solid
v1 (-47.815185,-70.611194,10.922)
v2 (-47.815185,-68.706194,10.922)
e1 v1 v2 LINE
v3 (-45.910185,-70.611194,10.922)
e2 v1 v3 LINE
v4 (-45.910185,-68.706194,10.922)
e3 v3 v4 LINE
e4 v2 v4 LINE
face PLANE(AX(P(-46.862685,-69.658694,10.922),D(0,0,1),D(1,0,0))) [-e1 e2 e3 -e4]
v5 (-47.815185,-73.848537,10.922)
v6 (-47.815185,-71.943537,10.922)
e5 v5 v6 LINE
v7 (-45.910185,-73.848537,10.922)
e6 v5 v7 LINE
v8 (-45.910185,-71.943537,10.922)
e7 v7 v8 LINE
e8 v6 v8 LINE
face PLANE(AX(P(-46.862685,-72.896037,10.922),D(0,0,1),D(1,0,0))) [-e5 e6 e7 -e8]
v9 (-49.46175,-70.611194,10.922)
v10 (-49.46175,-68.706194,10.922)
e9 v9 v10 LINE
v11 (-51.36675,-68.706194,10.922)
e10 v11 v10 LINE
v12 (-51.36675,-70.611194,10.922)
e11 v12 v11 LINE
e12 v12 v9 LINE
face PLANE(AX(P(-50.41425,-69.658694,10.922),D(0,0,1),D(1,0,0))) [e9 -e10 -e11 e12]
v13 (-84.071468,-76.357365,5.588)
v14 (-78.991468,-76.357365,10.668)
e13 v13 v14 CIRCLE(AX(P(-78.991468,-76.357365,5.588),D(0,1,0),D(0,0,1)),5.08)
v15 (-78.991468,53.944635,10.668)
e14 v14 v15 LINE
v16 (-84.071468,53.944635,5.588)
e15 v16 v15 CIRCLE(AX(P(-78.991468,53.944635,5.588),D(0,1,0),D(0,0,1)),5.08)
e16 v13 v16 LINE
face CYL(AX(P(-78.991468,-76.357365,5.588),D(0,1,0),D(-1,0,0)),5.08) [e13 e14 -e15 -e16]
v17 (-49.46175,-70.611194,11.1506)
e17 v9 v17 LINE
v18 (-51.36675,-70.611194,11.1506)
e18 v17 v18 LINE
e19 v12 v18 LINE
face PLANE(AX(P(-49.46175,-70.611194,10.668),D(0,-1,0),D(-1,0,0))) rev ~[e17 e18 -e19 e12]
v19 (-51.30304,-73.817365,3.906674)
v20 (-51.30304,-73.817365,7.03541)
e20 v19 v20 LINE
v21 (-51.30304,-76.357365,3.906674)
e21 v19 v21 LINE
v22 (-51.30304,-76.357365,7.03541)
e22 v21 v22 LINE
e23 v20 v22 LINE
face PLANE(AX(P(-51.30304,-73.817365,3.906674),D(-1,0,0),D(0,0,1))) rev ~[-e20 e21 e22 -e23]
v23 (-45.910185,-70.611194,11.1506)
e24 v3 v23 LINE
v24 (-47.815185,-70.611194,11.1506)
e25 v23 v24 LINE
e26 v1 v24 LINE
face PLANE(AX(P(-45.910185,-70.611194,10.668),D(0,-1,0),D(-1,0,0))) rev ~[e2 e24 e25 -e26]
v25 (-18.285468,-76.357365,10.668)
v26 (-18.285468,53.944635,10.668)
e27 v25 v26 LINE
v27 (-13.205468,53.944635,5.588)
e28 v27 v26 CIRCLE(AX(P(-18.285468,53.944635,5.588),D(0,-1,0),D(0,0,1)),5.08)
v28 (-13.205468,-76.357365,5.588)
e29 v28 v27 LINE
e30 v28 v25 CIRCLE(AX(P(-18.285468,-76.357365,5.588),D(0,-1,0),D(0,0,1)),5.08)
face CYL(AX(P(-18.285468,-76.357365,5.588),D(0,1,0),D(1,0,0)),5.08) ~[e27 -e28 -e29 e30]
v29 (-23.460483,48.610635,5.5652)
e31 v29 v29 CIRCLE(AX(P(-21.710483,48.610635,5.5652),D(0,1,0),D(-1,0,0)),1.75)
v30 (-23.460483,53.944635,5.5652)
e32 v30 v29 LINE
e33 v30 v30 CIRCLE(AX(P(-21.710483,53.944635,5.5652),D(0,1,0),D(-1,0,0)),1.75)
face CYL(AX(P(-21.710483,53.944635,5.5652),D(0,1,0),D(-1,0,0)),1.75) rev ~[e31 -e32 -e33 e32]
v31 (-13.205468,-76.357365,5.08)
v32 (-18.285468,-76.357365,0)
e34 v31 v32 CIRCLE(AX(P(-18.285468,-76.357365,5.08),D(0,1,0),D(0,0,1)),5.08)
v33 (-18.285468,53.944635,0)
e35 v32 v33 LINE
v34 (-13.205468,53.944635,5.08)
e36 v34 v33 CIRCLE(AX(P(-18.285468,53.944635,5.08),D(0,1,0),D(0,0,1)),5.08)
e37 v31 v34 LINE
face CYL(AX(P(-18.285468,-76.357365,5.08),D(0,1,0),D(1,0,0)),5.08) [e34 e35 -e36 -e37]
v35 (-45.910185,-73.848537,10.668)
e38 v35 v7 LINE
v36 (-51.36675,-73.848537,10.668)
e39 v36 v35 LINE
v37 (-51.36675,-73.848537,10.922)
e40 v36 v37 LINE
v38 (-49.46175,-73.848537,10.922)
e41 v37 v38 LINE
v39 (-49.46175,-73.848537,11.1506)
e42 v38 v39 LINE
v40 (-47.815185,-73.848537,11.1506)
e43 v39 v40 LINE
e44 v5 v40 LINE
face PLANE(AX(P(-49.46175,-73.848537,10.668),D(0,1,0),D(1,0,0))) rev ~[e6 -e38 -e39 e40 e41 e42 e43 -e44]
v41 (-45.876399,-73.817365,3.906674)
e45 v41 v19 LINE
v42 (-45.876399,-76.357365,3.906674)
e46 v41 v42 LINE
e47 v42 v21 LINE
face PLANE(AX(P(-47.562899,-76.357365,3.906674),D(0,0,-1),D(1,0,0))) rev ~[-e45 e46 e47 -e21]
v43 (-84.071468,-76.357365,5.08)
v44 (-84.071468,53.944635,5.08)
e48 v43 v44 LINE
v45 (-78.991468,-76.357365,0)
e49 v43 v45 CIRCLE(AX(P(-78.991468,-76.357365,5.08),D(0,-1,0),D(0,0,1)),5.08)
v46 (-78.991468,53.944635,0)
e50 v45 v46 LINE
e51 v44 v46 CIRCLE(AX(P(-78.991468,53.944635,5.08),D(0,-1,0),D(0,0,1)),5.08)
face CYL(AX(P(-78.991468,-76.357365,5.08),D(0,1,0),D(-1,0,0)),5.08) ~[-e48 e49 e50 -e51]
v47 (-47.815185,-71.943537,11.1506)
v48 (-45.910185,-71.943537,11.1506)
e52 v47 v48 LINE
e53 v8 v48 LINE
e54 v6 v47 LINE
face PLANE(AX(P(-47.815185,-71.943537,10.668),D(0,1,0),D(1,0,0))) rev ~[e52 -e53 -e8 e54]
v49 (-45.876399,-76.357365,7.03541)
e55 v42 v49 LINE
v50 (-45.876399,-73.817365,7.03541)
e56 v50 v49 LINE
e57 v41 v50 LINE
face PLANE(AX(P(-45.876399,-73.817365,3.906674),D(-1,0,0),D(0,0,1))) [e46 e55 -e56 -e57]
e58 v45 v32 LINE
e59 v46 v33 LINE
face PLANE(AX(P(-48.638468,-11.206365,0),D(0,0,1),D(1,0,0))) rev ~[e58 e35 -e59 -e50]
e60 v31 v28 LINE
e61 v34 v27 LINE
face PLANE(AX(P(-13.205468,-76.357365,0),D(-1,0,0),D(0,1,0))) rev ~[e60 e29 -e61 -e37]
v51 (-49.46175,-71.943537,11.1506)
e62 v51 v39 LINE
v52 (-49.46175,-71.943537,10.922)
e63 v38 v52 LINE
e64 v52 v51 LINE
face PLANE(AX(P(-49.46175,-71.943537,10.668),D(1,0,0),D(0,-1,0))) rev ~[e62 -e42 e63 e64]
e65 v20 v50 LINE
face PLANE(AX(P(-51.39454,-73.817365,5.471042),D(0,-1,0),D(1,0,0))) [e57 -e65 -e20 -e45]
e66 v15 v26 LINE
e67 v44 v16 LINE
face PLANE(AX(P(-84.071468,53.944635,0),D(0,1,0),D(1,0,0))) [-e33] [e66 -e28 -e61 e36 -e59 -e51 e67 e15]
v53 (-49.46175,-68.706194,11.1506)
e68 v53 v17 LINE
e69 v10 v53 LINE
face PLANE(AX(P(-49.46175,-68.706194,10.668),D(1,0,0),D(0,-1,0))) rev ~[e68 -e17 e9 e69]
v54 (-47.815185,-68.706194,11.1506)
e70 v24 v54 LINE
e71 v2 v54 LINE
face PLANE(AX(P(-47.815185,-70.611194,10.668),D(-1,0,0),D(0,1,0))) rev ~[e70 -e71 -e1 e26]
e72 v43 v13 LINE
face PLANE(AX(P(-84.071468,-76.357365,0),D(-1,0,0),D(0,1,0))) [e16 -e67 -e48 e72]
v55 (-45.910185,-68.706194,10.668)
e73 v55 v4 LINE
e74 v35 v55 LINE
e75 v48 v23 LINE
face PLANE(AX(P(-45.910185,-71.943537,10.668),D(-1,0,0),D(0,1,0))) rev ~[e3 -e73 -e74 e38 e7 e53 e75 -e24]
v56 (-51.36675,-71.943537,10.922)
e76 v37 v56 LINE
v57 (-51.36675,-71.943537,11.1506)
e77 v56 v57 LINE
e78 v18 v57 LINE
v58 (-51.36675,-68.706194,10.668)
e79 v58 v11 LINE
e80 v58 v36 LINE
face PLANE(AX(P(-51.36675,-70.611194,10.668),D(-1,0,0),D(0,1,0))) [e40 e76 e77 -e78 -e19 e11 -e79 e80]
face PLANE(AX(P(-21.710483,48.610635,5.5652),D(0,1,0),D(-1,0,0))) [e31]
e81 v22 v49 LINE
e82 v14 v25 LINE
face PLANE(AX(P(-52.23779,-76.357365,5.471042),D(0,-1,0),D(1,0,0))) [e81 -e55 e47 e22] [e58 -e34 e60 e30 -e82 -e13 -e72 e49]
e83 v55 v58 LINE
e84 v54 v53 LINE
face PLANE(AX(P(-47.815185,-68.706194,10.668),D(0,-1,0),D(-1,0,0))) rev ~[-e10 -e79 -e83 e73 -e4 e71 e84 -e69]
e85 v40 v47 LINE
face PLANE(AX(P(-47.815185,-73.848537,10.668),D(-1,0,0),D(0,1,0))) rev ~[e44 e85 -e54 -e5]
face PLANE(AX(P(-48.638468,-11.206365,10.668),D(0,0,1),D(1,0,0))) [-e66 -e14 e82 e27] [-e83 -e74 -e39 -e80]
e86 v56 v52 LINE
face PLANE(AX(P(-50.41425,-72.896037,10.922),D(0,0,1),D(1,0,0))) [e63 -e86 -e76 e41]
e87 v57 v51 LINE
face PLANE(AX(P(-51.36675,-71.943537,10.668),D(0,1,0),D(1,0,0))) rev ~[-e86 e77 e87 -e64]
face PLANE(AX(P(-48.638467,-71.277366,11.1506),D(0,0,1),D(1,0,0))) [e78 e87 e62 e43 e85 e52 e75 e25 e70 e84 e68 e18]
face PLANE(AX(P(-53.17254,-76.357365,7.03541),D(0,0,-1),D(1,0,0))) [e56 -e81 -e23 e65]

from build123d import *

# Parameters (mm, degrees)
F0_W      = 70.866
F0_H      = 130.302
F1_DEPTH  = 10.668
F2_R      = 5.08
F3_W      = 3.556
F3_H      = 3.128736
F4_DEPTH  = 2.54
F4_FACE_W = 2.54
F4_FACE_H = 3.128736
F5_DEPTH  = 2.053641
F6_R      = 1.75
F7_DEPTH  = 5.334
F8_W      = 1.8695
F8_H      = 3.128736
F9_DEPTH  = 2.54
F10_W     = 1.905
F10_H     = 1.905
F11_DEPTH = 0.254
F12_DEPTH = 0.4826


with BuildPart() as f1:
    # F0 (on Top) → F1 (new body)
    with BuildSketch(Plane.XY):
        with Locations((-48.638468, -11.206365)):
            Rectangle(F0_W, F0_H)
    extrude(amount=F1_DEPTH)

    # F2
    f2_edges = [f1.edges().sort_by_distance(p)[0] for p in [
        (-13.205468, -11.206365, 10.668),
        (-13.205468, -11.206365, 0),
        (-84.071468, -11.206365, 0),
        (-84.071468, -11.206365, 10.668),
    ]]
    fillet(f2_edges, radius=F2_R)

    # F3 (on face) → F4 (cut)
    with BuildSketch(Plane.XZ.offset(76.357365)):
        with Locations((-51.39454, 5.471042)):
            Rectangle(F3_W, F3_H)
        with Locations((-45.784899, 5.471042)):
            Rectangle(F3_W, F3_H)
    extrude(amount=-F4_DEPTH, mode=Mode.SUBTRACT)

    # F4_face (on face) → F5 (cut, through all)
    with BuildSketch(Plane(origin=(-47.562899, -75.087365, 5.471042), x_dir=(0, 1, 0), z_dir=(1, 0, 0))):
        Rectangle(F4_FACE_W, F4_FACE_H)
    extrude(amount=-F5_DEPTH, mode=Mode.SUBTRACT)

    # F6 (on face) → F7 (cut)
    with BuildSketch(Plane(origin=(0, 53.944635, 0), x_dir=(-1, 0, 0), z_dir=(0, 1, 0))):
        with Locations((21.710483, 5.5652)):
            Circle(F6_R)
    extrude(amount=-F7_DEPTH, mode=Mode.SUBTRACT)

    # F8 (on face) → F9 (join, through all)
    with BuildSketch(Plane.XZ.offset(73.817365)):
        with Locations((-52.23779, 5.471042)):
            Rectangle(F8_W, F8_H)
        with Locations((-44.941649, 5.471042)):
            Rectangle(F8_W, F8_H)
    extrude(amount=F9_DEPTH)

    # F10 (on face) → F11 (join)
    with BuildSketch(Plane.XY.offset(10.668)):
        with Locations((-50.41425, -69.658694)):
            Rectangle(F10_W, F10_H)
        with Locations((-50.41425, -72.896037)):
            Rectangle(F10_W, F10_H)
        with Locations((-46.862685, -72.896037)):
            Rectangle(F10_W, F10_H)
        with Locations((-46.862685, -69.658694)):
            Rectangle(F10_W, F10_H)
    extrude(amount=F11_DEPTH)

    # F10 (on face) → F12 (join)
    with BuildSketch(Plane.XY.offset(10.668)):
        Polygon((-49.46175, -68.706194), (-49.46175, -70.611194), (-51.36675, -70.611194), (-51.36675, -71.943537), (-49.46175, -71.943537), (-49.46175, -73.848537), (-47.815185, -73.848537), (-47.815185, -71.943537), (-45.910185, -71.943537), (-45.910185, -70.611194), (-47.815185, -70.611194), (-47.815185, -68.706194), align=None)
    extrude(amount=F12_DEPTH)


solid = f1.part
